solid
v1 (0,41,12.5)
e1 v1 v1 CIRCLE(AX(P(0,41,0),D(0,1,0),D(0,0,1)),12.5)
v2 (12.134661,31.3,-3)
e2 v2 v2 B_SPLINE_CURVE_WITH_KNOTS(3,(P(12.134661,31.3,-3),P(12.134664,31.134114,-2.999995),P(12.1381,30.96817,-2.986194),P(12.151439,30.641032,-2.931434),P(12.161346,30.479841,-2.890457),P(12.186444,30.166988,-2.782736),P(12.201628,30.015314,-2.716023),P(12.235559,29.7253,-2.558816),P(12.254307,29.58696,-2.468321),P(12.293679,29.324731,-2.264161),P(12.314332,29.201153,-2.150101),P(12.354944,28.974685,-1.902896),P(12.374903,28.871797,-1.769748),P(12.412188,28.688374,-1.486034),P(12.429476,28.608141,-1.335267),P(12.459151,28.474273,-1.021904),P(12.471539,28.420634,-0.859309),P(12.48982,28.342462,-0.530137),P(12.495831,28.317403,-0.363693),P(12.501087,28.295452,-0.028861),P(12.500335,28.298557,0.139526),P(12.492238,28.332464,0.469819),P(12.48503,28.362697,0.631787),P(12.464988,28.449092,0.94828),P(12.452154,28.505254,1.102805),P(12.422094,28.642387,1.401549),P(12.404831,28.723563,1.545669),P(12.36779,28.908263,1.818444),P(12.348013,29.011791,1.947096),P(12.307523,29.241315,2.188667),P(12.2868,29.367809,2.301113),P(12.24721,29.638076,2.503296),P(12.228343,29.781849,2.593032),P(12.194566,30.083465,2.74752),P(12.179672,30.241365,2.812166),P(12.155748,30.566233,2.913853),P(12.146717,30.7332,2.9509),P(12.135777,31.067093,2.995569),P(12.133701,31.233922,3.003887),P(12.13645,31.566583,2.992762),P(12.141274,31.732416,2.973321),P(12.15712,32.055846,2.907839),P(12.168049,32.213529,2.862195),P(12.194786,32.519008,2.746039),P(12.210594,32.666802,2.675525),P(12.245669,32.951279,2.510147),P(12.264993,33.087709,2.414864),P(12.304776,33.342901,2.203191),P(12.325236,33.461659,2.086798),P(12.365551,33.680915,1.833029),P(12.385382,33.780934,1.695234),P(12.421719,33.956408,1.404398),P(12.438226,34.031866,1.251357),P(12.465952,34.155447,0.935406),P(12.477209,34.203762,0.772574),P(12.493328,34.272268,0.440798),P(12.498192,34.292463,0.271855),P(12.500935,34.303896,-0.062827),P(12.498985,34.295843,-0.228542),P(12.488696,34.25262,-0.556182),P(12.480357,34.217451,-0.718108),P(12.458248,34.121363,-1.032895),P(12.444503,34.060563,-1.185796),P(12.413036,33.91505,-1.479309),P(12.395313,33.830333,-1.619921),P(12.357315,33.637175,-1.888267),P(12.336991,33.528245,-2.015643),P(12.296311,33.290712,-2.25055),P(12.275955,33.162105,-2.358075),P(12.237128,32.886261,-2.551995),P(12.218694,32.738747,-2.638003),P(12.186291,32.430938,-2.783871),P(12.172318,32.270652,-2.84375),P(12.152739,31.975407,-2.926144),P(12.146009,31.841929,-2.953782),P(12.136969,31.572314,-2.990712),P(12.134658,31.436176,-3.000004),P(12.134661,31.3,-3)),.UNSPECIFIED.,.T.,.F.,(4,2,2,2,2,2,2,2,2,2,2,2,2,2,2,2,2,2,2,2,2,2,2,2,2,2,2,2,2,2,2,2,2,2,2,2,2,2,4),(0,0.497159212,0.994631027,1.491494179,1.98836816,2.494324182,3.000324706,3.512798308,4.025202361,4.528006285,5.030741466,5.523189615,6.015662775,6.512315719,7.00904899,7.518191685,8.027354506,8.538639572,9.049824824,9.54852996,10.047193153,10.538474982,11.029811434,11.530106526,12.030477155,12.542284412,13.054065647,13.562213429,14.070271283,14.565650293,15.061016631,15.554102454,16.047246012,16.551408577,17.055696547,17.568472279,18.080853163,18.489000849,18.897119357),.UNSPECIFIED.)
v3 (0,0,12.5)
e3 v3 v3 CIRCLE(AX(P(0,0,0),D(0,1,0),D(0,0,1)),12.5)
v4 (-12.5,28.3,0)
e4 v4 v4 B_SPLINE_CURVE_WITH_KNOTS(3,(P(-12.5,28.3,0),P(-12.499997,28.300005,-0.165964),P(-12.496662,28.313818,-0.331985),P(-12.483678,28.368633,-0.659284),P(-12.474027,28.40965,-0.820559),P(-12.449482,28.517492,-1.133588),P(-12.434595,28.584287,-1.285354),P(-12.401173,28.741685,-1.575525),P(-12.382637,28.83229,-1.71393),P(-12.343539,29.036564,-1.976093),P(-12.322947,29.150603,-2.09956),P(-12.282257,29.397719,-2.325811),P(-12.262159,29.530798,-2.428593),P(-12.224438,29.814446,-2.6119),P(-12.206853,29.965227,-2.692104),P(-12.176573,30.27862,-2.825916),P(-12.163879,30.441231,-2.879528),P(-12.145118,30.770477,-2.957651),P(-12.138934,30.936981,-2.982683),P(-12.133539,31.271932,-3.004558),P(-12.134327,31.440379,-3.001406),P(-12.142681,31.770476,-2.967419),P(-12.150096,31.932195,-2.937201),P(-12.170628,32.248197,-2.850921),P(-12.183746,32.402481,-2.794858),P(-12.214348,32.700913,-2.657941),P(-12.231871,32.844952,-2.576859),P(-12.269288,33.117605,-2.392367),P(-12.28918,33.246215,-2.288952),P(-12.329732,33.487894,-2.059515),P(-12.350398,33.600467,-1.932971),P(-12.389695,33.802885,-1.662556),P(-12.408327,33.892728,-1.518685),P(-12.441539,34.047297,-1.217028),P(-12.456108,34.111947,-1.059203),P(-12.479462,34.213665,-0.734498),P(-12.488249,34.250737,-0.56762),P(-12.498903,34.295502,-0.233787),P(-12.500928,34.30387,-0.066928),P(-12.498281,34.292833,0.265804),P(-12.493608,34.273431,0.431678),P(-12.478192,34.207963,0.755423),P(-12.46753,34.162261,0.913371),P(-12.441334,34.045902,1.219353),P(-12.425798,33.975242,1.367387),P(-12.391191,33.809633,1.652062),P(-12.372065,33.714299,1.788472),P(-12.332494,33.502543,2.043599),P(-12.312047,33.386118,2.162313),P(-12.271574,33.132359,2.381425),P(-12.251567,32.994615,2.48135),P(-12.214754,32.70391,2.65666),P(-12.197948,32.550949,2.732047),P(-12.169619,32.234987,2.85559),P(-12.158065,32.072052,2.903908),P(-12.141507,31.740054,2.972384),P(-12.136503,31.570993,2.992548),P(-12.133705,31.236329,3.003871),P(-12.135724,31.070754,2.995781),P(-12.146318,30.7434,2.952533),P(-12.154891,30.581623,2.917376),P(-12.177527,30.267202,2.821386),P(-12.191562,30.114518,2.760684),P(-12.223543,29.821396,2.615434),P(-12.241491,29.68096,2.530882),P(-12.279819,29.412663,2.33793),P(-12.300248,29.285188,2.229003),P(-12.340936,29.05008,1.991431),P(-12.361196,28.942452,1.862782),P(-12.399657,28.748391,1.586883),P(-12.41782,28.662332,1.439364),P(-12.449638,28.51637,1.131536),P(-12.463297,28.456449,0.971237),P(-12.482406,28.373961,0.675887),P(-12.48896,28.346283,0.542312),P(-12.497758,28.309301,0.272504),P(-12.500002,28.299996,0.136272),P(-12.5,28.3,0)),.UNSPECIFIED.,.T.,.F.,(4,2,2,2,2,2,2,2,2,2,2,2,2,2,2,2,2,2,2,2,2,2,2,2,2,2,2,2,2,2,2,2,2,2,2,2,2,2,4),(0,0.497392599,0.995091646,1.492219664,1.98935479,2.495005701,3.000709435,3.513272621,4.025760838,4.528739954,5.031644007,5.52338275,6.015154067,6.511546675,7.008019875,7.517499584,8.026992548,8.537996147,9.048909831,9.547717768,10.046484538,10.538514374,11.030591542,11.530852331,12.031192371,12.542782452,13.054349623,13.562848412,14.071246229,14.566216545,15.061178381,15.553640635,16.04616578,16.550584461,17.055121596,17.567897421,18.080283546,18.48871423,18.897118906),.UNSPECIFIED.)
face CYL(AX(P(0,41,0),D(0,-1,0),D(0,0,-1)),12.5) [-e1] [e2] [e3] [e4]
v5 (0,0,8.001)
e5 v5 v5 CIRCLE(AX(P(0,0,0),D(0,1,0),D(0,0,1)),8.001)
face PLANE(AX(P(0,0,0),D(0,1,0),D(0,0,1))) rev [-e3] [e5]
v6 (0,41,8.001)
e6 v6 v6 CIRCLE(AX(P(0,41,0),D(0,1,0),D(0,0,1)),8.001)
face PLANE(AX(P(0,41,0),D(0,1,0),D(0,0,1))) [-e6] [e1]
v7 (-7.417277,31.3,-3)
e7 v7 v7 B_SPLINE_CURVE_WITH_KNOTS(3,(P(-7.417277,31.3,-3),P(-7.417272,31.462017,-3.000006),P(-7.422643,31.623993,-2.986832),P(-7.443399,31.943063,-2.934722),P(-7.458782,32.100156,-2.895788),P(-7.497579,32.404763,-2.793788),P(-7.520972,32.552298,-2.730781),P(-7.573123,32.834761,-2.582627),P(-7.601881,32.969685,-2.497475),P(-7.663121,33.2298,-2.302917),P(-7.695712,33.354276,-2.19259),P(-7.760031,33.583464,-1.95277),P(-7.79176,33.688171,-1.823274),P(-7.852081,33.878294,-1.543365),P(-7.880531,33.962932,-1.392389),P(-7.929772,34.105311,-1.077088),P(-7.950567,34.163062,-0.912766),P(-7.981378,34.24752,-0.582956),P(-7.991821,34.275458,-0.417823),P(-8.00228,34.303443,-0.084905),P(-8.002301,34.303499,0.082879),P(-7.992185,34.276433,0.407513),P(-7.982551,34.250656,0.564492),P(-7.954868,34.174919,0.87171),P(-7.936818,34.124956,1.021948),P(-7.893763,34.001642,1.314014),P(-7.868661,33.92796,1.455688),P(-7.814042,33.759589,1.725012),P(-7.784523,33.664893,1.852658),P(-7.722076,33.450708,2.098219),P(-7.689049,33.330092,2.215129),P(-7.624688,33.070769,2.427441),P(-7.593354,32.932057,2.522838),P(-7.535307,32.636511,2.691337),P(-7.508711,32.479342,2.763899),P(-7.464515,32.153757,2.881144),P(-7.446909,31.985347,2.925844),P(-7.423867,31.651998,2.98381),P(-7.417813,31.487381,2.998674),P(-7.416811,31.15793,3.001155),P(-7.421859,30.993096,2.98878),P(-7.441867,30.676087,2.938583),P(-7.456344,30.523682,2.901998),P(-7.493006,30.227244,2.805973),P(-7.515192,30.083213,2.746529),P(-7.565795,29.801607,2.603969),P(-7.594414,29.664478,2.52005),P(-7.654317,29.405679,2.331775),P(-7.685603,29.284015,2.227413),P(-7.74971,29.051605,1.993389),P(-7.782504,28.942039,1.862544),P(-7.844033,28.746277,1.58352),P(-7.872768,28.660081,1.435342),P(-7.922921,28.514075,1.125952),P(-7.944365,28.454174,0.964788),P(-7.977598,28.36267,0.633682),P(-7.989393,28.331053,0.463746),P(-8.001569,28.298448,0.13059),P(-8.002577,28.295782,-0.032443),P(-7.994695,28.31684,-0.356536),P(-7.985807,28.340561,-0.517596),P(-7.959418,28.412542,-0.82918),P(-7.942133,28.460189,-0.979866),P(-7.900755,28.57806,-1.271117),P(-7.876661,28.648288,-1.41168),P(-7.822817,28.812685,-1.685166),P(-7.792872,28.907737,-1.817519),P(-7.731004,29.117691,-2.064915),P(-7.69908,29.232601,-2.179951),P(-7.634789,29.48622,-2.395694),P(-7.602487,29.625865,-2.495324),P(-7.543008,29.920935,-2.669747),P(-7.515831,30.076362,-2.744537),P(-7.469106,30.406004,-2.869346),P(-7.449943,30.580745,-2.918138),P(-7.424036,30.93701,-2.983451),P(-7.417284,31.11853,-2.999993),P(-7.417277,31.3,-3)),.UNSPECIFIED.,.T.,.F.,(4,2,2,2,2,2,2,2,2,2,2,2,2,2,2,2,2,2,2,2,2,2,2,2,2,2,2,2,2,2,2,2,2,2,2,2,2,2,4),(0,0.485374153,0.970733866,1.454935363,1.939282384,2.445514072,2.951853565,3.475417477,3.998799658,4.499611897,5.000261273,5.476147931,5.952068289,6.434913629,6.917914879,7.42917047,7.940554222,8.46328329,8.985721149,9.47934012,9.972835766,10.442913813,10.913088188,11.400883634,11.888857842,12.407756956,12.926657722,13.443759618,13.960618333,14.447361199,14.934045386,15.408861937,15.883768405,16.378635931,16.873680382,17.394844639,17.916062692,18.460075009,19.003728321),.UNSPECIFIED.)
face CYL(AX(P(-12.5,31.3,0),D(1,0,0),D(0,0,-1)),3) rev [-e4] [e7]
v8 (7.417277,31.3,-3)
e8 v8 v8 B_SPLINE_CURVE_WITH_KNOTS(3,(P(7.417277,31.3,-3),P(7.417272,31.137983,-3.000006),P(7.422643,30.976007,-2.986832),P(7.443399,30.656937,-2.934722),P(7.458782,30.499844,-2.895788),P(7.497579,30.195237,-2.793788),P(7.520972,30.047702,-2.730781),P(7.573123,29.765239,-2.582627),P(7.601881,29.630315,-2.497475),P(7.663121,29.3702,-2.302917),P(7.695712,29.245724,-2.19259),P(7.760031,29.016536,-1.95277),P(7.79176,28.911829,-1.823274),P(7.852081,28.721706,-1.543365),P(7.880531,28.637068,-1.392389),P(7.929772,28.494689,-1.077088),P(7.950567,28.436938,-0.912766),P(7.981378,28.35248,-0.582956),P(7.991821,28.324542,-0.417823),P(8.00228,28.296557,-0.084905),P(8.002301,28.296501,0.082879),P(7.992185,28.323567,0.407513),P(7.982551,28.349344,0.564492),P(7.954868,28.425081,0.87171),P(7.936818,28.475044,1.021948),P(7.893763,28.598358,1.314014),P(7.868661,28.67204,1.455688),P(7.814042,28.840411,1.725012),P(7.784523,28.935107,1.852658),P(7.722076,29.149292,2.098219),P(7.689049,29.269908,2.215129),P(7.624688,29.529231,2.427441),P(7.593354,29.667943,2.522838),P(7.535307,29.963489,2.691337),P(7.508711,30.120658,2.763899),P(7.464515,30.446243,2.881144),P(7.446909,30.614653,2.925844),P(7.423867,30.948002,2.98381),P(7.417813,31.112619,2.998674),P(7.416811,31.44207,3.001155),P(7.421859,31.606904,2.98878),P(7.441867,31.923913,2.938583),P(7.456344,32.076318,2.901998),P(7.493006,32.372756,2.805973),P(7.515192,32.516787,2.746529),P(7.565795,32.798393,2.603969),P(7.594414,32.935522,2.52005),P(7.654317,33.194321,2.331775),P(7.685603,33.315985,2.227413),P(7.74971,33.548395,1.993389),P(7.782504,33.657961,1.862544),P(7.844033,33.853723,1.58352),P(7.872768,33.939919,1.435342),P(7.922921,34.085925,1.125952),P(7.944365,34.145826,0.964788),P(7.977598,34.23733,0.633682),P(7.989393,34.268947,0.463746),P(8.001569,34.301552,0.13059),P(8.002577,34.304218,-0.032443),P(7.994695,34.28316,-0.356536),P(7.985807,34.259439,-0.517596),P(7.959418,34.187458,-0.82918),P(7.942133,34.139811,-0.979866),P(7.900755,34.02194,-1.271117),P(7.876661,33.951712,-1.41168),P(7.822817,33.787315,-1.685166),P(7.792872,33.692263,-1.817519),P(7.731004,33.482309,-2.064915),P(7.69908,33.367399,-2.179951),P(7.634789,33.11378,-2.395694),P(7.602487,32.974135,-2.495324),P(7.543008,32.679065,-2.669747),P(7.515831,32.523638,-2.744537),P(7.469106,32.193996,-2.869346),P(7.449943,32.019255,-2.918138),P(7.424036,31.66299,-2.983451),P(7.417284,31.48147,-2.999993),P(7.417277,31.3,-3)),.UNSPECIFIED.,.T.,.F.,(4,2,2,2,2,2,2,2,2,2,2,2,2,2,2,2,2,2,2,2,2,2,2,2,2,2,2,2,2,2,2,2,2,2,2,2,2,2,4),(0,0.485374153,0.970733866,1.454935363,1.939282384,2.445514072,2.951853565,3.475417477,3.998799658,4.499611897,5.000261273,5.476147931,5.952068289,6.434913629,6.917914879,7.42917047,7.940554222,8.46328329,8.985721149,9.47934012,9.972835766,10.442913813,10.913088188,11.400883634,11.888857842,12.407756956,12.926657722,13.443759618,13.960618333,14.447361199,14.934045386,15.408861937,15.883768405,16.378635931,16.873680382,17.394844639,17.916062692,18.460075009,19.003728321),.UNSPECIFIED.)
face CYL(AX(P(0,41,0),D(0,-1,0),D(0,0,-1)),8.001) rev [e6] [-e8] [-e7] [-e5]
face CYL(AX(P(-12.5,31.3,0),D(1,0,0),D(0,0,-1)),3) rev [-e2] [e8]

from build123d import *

# Parameters (mm, degrees)
SKETCH_1_R               = 12.5
SKETCH_1_R_2             = 8.001
EXTRUDE_1_DEPTH          = 41
CUT_EXTRUDE_2_DEPTH      = 45.648628198
CUT_EXTRUDE_2_DEPTH_BACK = 45.648628198
SKETCH_4_R               = 3


with BuildPart() as part:
    # 草图1 → 凸台-拉伸1 (new body)
    with BuildSketch(Plane(origin=(0, 0, 0), x_dir=(1, 0, 0), z_dir=(0, 1, 0))):
        with Locations(Location((0, 0, 0), (0, 0, 270))):
            Circle(SKETCH_1_R)
        with Locations(Location((0, 0, 0), (0, 0, 270))):
            Circle(SKETCH_1_R_2, mode=Mode.SUBTRACT)
    extrude(amount=EXTRUDE_1_DEPTH)

    # 草图4 → 切除-拉伸2 (cut, two sides: drawn at the far end of the back side and taken through both)
    with BuildSketch(Plane(origin=(0, 0, 0), x_dir=(0, 0, -1), z_dir=(1, 0, 0)).offset(-CUT_EXTRUDE_2_DEPTH_BACK)):
        with Locations((0, 31.3)):
            Circle(SKETCH_4_R)
    extrude(amount=CUT_EXTRUDE_2_DEPTH + CUT_EXTRUDE_2_DEPTH_BACK, mode=Mode.SUBTRACT)


solid = part.part
